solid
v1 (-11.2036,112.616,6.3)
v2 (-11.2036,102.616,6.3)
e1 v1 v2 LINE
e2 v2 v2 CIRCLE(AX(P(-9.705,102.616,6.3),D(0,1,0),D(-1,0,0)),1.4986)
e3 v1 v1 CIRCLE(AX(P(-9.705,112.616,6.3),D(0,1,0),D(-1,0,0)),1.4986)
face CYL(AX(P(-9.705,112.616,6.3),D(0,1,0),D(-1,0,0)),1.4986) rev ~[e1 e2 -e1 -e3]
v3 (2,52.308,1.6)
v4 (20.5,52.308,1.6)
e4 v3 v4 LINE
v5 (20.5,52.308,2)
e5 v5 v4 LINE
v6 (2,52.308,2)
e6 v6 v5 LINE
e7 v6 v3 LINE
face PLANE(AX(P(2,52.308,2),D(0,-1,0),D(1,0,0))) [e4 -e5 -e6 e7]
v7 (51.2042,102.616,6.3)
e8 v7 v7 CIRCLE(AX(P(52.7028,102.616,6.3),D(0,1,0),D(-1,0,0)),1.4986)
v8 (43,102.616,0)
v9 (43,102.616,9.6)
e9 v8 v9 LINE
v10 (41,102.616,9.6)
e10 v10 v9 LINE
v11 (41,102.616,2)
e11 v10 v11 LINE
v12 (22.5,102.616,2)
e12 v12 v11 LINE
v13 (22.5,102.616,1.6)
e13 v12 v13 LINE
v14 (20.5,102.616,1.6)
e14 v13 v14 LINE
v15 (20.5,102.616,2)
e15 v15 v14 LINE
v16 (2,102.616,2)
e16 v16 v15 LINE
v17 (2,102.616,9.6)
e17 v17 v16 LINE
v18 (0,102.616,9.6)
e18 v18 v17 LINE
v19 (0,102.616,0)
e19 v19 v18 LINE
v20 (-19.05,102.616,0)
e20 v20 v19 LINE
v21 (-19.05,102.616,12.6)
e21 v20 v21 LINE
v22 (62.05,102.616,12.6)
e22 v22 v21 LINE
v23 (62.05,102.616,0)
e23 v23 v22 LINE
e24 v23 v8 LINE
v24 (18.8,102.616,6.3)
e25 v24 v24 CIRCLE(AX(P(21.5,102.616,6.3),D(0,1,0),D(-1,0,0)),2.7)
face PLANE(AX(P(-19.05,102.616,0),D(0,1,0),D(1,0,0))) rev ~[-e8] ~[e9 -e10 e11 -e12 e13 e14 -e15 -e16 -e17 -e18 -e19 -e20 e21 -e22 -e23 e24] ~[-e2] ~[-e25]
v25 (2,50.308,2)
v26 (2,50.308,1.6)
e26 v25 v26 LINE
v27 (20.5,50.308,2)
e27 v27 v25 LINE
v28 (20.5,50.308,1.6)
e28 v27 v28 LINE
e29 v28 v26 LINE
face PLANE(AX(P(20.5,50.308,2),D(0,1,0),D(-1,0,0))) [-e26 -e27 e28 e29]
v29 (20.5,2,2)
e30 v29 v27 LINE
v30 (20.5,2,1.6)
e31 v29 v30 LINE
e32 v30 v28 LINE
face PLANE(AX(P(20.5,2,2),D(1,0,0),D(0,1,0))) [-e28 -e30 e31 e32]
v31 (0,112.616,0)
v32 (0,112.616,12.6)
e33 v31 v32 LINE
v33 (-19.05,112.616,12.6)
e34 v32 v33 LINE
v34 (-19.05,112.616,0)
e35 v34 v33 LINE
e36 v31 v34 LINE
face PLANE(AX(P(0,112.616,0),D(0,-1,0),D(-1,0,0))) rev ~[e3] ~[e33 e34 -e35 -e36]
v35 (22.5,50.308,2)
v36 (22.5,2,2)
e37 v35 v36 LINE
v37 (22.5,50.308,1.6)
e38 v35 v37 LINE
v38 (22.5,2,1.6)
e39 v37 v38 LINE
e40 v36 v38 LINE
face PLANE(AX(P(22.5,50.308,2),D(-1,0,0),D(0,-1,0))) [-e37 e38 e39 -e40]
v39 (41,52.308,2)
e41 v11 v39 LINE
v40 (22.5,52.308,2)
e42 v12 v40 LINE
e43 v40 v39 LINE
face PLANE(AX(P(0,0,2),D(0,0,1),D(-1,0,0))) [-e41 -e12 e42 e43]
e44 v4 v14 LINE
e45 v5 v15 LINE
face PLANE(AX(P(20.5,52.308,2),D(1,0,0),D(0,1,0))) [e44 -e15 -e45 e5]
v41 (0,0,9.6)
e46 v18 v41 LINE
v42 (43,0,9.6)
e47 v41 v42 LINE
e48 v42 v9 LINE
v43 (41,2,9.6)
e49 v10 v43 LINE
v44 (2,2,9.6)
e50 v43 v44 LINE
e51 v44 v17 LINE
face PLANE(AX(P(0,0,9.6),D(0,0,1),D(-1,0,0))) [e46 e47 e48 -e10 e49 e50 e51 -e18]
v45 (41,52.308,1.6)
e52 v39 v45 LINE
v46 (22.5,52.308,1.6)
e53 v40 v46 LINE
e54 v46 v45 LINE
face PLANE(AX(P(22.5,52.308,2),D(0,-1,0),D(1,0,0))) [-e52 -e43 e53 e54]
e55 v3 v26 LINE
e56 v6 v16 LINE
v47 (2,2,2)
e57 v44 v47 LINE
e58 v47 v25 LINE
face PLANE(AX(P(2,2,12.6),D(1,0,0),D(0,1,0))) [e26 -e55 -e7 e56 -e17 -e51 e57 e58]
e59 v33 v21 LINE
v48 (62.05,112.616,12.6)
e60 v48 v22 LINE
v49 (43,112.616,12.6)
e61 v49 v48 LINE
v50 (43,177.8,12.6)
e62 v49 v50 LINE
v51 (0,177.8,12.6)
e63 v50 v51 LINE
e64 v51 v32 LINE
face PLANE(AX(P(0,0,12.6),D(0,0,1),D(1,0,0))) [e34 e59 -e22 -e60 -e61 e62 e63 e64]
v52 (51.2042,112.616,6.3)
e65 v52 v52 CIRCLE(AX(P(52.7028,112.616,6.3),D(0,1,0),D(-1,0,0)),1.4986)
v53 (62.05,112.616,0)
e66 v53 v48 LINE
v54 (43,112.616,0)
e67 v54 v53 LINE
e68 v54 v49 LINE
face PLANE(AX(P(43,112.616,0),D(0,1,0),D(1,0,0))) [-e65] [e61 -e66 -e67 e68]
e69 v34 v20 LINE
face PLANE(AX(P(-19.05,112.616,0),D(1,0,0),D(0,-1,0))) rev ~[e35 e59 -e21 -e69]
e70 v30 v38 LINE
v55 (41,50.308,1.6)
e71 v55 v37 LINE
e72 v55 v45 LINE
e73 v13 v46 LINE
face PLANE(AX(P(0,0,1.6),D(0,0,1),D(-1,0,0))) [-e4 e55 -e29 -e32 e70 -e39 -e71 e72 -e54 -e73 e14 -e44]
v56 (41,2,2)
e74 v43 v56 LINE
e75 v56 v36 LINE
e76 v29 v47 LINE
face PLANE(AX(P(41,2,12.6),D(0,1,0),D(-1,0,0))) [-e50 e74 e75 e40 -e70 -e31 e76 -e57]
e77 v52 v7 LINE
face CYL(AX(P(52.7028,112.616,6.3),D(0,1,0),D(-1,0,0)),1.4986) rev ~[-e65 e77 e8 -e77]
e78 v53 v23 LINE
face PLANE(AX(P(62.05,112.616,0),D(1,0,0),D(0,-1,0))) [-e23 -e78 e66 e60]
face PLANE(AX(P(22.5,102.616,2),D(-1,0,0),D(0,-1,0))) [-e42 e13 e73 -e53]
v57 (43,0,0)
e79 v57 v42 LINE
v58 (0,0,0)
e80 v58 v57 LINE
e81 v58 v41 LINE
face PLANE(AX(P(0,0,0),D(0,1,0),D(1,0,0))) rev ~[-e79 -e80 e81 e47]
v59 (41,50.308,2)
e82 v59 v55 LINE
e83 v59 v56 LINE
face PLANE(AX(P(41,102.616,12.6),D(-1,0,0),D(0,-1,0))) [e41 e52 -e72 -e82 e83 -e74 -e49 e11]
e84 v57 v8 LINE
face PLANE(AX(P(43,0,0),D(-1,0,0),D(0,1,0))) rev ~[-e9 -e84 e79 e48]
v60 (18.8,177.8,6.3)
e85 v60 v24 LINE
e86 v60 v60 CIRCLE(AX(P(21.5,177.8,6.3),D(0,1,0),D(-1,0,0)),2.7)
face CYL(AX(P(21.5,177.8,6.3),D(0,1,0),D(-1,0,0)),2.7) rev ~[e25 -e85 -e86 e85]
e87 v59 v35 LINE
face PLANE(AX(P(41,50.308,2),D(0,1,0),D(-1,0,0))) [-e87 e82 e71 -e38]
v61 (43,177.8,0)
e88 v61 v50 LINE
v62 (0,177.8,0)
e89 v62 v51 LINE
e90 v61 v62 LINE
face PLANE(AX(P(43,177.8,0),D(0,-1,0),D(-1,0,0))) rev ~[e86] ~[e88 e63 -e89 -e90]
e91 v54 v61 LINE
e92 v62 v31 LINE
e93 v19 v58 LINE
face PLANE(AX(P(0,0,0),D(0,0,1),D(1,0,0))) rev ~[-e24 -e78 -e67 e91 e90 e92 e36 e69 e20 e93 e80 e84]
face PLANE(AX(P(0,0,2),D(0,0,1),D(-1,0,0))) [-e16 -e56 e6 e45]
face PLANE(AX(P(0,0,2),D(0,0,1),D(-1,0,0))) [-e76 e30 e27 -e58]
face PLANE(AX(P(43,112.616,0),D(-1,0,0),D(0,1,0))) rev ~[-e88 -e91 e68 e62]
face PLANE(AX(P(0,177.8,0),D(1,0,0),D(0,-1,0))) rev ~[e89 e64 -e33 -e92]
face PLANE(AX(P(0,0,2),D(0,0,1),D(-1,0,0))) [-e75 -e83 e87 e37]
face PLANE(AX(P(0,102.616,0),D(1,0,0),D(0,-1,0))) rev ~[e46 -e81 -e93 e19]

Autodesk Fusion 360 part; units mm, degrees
sketch "Sketch1" plane through (0, 0, 0) normal (0, 0, 1) x (1, 0, 0)
  line L0 (0, 0) -> (43, 0)
  line L1 (43, 0) -> (43, 177.8)
  line L2 (43, 177.8) -> (0, 177.8)
  line L3 (0, 177.8) -> (0, 0)
  line L4 (0, 112.616) -> (-19.05, 112.616)
  line L5 (-19.05, 112.616) -> (-19.05, 102.616)
  line L6 (-19.05, 102.616) -> (0, 102.616)
  line L7 (0, 102.616) -> (0, 112.616)
  line L8 (43, 112.616) -> (62.05, 112.616)
  line L9 (62.05, 112.616) -> (62.05, 102.616)
  line L10 (62.05, 102.616) -> (43, 102.616)
  line L11 (43, 102.616) -> (43, 112.616)
  dimension "d1" = 177.8
  dimension "d2" = 43
  dimension "d5" = 75.184
  dimension "d6" = 75.184
  dimension "d7" = 10
  dimension "d8" = 10
  dimension "d9" = 19.05
  dimension "d10" = 19.05
extrude "Extrude1" add sketch "Sketch1" along normal blind 12.6
sketch "Sketch2" plane through (0, 0, 12.6) normal (0, 0, 1) x (-1, 0, 0)
  line L0 (-43, -112.616) -> (-43, -177.8)
  line L1 (-43, -177.8) -> (0, -177.8)
  line L2 (0, -177.8) -> (0, -112.616)
  line L3 (0, -112.616) -> (19.05, -112.616)
  line L4 (19.05, -112.616) -> (19.05, -102.616)
  line L5 (19.05, -102.616) -> (0, -102.616)
  line L6 (0, -102.616) -> (0, 0)
  line L7 (0, 0) -> (-43, 0)
  line L8 (-43, 0) -> (-43, -102.616)
  line L9 (-43, -102.616) -> (-62.05, -102.616)
  line L10 (-62.05, -102.616) -> (-62.05, -112.616)
  line L11 (-62.05, -112.616) -> (-43, -112.616)
  line L12 (-2, -102.616) -> (-41, -102.616)
  line L13 (-41, -102.616) -> (-41, -2)
  line L14 (-41, -2) -> (-2, -2)
  line L15 (-2, -2) -> (-2, -102.616)
  dimension "d11" = 2
  dimension "d12" = 2
  dimension "d13" = 2
  dimension "d20" = 10
extrude "Extrude2" cut sketch "Sketch2" against normal blind 10.6 contours L12 L13 L14 L15
sketch "Sketch4" plane through (0, 0, 12.6) normal (0, 0, 1) x (-1, 0, 0)
  line L0 (-41, -102.616) -> (-41, -2)
  line L1 (-41, -2) -> (-2, -2)
  line L2 (-2, -2) -> (-2, -102.616)
  line L3 (-2, -102.616) -> (-41, -102.616)
  line L4 (-43, -112.616) -> (-43, -177.8)
  line L5 (-43, -177.8) -> (0, -177.8)
  line L6 (0, -177.8) -> (0, -112.616)
  line L7 (0, -112.616) -> (19.05, -112.616)
  line L8 (19.05, -112.616) -> (19.05, -102.616)
  line L9 (19.05, -102.616) -> (0, -102.616)
  line L10 (0, -102.616) -> (0, 0)
  line L11 (0, 0) -> (-43, 0)
  line L12 (-43, 0) -> (-43, -102.616)
  line L13 (-43, -102.616) -> (-62.05, -102.616)
  line L14 (-62.05, -102.616) -> (-62.05, -112.616)
  line L15 (-62.05, -112.616) -> (-43, -112.616)
  line L16 (0, -102.616) -> (-43, -102.616)
  line L17 (-43, -102.616) -> (-43, 0)
  line L18 (-43, 0) -> (0, 0)
  line L19 (0, 0) -> (0, -102.616)
extrude "Extrude3" cut sketch "Sketch4" against normal blind 3 contours L0 L1 L2 L10 L11 L12 L16 L17 L18 L19
sketch "Sketch5" plane through (0, 177.8, 0) normal (0, 1, 0) x (-1, 0, 0)
  line L0 (-43, 0) -> (0, 0)
  line L1 (0, 0) -> (0, 12.6)
  line L2 (0, 12.6) -> (-43, 12.6)
  line L3 (-43, 12.6) -> (-43, 0)
  circle A0 centre (-21.5, 6.3) radius 2.7
  dimension "d21" = 5.4
  dimension "d22" = 6.3
extrude "Extrude4" cut sketch "Sketch5" against normal blind 83.82 contours A0
sketch "Sketch6" plane through (0, 0, 2) normal (0, 0, 1) x (-1, 0, 0)
  line L0 (-2, -2) -> (-41, -2)
  line L1 (-41, -2) -> (-41, -102.616)
  line L2 (-41, -102.616) -> (-2, -102.616)
  line L3 (-2, -102.616) -> (-2, -2)
  line L4 (-20.5, -102.616) -> (-22.5, -102.616)
  line L5 (-22.5, -102.616) -> (-22.5, -2)
  line L6 (-22.5, -2) -> (-20.5, -2)
  line L7 (-20.5, -2) -> (-20.5, -102.616)
  line L8 (-43, -102.616) -> (-43, 0)
  line L9 (-2, -52.308) -> (-41, -52.308)
  line L10 (-41, -52.308) -> (-41, -50.308)
  line L11 (-41, -50.308) -> (-2, -50.308)
  line L12 (-2, -50.308) -> (-2, -52.308)
  line L13 (-43, 0) -> (0, 0)
  dimension "d25" = 2
  dimension "d26" = 20.5
  dimension "d27" = 2
  dimension "d28" = 50.308
extrude "Extrude5" cut sketch "Sketch6" against normal blind 0.4 contours L0 L5 L6 L7 L11 | L3 L7 L9 L11 L12 | L5 L7 L9 L11 | L1 L5 L9 L10 L11 | L2 L4 L5 L7 L9
sketch "Sketch7" plane through (0, 112.616, 0) normal (0, 1, 0) x (-1, 0, 0)
  line L0 (0, 0) -> (19.05, 0)
  line L1 (19.05, 0) -> (19.05, 12.6)
  line L2 (19.05, 12.6) -> (0, 12.6)
  line L3 (0, 12.6) -> (0, 0)
  circle A0 centre (9.705, 6.3) radius 1.4986
  circle A1 centre (-52.7028, 6.3) radius 1.4986
  line L4 (-43, 0) -> (-43, 12.6)
  dimension "d31" = 2.9972
  dimension "d32" = 2.9972
  dimension "d33" = 62.4078
  dimension "d34" = 9.7028
extrude "Extrude6" cut sketch "Sketch7" against normal blind 12.7 contours A0 | A1
